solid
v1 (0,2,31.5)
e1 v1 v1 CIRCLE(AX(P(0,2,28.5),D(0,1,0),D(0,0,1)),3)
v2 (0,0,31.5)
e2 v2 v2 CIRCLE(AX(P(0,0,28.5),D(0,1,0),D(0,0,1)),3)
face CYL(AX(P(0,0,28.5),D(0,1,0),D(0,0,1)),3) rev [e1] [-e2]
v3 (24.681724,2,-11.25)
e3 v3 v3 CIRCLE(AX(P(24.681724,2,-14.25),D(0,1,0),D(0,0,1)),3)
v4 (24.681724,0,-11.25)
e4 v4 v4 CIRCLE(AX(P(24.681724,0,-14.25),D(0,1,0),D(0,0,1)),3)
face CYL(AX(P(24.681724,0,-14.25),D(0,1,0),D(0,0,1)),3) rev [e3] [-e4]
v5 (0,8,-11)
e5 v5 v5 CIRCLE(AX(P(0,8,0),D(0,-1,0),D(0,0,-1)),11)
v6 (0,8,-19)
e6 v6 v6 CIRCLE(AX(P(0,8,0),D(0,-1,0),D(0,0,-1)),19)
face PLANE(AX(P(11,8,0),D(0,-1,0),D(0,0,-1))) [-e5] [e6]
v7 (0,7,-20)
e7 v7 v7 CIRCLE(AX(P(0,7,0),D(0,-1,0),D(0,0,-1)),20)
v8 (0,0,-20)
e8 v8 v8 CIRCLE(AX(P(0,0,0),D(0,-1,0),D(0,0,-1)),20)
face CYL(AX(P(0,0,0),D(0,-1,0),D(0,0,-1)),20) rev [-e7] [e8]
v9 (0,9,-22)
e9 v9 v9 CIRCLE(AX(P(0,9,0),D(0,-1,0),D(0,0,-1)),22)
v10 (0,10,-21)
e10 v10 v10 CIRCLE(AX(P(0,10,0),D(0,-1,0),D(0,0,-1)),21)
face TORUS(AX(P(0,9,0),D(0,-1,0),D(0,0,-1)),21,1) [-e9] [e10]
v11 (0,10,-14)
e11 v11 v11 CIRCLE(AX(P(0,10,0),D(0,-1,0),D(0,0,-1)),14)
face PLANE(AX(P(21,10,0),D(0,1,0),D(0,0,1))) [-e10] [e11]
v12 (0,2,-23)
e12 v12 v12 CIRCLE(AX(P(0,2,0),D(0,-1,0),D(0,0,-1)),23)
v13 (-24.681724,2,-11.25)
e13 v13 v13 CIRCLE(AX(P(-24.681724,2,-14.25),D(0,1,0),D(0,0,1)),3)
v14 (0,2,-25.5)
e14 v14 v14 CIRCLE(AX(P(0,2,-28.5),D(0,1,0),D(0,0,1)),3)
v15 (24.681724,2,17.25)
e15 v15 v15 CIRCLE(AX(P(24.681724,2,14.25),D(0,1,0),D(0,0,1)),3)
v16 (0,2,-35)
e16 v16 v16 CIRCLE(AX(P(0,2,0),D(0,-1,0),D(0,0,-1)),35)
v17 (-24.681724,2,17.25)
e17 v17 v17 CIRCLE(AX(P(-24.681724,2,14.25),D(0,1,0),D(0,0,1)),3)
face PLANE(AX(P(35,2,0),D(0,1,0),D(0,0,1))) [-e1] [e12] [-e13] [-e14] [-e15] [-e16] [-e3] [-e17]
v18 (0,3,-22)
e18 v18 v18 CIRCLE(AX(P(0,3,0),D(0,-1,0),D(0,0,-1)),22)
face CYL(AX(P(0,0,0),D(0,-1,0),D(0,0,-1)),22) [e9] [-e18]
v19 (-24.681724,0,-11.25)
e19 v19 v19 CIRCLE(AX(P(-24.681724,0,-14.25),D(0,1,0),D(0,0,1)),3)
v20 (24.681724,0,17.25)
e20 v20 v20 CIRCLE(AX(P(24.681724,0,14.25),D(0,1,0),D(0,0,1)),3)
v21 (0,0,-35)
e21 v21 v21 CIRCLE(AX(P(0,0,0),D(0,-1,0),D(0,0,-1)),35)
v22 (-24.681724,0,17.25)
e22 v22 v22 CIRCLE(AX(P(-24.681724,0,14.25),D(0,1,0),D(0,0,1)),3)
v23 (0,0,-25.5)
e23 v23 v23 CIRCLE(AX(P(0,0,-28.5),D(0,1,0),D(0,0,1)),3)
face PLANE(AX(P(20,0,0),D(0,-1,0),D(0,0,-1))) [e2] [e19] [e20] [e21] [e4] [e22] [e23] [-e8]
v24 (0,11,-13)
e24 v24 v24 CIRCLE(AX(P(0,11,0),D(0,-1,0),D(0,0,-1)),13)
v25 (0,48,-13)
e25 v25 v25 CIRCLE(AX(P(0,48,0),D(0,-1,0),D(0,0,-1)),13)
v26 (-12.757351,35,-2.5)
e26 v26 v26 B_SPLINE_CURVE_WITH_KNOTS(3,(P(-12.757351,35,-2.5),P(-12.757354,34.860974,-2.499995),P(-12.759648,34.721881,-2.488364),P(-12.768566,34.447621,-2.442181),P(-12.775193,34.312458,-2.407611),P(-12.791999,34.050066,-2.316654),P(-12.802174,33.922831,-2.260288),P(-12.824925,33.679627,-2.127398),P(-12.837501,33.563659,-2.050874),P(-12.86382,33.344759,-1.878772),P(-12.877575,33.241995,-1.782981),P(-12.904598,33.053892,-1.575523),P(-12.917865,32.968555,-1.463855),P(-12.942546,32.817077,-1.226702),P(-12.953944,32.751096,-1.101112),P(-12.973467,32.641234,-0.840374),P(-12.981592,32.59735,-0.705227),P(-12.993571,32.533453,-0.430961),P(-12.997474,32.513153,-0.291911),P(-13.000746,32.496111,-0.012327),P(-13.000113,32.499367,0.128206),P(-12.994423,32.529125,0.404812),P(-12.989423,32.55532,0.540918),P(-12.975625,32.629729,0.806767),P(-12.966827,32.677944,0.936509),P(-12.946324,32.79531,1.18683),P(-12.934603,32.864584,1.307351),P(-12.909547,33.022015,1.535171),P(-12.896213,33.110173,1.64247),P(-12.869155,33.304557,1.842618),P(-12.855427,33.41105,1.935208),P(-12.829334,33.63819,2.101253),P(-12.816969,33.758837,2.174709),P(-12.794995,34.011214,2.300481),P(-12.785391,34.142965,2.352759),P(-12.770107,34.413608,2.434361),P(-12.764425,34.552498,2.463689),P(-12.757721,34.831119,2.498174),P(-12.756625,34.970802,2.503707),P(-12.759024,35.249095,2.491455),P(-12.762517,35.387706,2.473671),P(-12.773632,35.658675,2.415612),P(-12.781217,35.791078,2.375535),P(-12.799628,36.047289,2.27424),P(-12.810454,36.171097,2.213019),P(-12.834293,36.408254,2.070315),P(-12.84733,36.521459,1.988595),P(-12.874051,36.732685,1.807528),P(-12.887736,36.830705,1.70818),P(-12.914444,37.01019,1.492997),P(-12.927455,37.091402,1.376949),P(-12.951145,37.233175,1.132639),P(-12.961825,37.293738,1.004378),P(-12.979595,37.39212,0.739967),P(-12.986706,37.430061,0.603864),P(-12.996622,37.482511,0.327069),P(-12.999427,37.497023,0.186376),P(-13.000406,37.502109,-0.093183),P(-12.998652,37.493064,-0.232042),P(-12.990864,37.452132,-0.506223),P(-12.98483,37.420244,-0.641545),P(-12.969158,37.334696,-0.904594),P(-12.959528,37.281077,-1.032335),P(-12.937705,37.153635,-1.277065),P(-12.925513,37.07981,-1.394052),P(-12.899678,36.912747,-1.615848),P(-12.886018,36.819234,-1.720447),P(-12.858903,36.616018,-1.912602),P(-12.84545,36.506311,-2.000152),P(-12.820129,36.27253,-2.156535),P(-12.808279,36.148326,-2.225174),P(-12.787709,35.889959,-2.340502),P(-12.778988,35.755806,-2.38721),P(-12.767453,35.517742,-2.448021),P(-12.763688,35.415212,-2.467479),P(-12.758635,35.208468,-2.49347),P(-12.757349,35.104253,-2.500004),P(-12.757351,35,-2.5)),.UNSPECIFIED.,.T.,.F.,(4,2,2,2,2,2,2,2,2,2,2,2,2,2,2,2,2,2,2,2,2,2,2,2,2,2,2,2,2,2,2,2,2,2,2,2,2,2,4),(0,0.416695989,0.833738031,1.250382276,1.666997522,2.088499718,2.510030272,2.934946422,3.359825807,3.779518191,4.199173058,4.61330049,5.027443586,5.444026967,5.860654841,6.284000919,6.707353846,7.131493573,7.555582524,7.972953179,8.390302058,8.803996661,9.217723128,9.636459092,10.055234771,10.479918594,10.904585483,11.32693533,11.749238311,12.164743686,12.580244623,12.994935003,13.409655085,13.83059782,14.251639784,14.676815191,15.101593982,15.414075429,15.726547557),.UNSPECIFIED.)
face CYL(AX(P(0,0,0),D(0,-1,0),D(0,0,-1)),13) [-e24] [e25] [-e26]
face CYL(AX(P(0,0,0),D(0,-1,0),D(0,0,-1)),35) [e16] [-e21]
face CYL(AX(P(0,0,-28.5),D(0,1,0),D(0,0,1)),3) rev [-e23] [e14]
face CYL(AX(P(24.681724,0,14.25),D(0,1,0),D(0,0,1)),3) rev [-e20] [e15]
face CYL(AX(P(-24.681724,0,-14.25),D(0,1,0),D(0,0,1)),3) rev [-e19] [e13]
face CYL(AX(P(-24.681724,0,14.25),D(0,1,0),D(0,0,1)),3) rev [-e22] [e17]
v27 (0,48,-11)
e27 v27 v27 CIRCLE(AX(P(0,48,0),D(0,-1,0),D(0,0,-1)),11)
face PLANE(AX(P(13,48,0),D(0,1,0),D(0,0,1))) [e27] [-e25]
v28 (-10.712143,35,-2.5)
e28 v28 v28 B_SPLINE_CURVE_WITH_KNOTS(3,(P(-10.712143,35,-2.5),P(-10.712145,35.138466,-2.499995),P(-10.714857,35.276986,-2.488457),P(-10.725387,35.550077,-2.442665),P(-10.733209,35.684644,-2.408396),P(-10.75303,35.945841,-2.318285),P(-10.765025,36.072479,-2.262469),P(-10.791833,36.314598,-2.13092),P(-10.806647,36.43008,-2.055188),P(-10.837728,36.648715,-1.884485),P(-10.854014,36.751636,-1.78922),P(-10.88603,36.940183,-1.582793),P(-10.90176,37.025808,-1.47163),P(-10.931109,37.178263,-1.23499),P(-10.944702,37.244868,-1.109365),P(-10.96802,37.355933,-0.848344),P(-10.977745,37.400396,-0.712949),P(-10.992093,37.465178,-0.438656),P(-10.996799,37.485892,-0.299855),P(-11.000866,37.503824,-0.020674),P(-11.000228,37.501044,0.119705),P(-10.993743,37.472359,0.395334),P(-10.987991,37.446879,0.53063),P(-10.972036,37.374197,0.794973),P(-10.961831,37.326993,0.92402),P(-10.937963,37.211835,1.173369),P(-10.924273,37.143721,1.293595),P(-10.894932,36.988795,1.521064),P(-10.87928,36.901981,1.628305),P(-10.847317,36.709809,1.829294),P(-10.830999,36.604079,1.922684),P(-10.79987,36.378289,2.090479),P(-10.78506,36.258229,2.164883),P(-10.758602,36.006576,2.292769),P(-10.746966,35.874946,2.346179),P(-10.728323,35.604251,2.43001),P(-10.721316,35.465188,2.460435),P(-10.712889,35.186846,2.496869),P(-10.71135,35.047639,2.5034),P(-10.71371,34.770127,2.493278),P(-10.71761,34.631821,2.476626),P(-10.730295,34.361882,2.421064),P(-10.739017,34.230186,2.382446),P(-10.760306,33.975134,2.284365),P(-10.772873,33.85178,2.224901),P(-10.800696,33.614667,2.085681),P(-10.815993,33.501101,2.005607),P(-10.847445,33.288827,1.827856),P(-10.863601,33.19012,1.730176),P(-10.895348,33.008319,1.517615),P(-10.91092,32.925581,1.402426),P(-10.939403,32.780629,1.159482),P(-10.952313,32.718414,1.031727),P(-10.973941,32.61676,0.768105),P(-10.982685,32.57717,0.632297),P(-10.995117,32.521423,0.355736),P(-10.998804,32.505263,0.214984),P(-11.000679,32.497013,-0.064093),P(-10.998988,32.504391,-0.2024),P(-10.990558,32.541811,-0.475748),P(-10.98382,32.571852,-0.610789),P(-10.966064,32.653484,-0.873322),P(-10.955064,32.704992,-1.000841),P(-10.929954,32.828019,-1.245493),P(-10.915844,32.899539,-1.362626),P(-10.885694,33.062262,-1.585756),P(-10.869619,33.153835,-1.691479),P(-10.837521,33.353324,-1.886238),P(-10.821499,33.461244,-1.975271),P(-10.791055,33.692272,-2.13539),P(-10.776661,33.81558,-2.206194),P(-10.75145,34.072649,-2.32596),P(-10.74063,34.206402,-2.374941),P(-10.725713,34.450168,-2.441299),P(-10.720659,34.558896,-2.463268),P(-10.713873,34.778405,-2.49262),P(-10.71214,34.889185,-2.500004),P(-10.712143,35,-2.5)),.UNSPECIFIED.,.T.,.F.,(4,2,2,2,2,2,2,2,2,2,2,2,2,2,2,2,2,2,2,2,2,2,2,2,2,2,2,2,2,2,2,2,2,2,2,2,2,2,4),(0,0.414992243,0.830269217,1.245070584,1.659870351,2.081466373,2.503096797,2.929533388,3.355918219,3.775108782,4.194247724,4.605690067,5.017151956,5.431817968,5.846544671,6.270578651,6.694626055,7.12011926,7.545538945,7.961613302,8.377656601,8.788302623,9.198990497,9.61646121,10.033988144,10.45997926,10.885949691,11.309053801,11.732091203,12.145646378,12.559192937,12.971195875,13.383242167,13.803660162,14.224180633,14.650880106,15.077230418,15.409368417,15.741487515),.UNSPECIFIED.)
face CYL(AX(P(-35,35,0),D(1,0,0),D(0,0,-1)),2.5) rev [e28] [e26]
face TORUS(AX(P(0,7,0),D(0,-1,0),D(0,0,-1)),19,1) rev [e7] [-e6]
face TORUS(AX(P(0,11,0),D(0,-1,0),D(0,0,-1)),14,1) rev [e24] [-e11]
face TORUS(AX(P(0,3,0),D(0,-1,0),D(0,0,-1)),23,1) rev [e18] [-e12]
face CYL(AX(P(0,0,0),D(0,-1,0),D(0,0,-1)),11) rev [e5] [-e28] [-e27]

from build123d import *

# Parameters (mm, degrees)
SKETCH_2_R          = 3
CUT_EXTRUDE_1_DEPTH = 3
SKETCH_3_R          = 2.5
CUT_EXTRUDE_2_DEPTH = 36


with BuildPart() as part:
    # 草图1 → 旋转1 (revolve)
    with BuildSketch(Plane.XY):
        with BuildLine():
            Line((20, 0), (35, 0))
            Line((35, 0), (35, 2))
            Line((35, 2), (23, 2))
            ThreePointArc((23, 2), (22.292893219, 2.292893219), (22, 3))
            Line((22, 3), (22, 9))
            ThreePointArc((22, 9), (21.707106781, 9.707106781), (21, 10))
            Line((21, 10), (14, 10))
            ThreePointArc((14, 10), (13.292893219, 10.292893219), (13, 11))
            Line((13, 11), (13, 48))
            Line((13, 48), (11, 48))
            Line((11, 48), (11, 8))
            Line((11, 8), (19, 8))
            ThreePointArc((19, 8), (19.707106781, 7.707106781), (20, 7))
            Line((20, 7), (20, 0))
        make_face()
    revolve(axis=Axis((0, 0, 0), (0, 1, 0)))

    # 草图2 → 切除-拉伸1 (cut, through all)
    with BuildSketch(Plane(origin=(0, 2, 0), x_dir=(1, 0, 0), z_dir=(0, 1, 0))):
        with Locations((0, 28.5)):
            Circle(SKETCH_2_R)
        with Locations((24.681724008, 14.25)):
            Circle(SKETCH_2_R)
        with Locations((24.681724008, -14.25)):
            Circle(SKETCH_2_R)
        with Locations((0, -28.5)):
            Circle(SKETCH_2_R)
        with Locations((-24.681724008, -14.25)):
            Circle(SKETCH_2_R)
        with Locations((-24.681724008, 14.25)):
            Circle(SKETCH_2_R)
    extrude(amount=-CUT_EXTRUDE_1_DEPTH, mode=Mode.SUBTRACT)

    # 草图3 → 切除-拉伸2 (cut, through all)
    with BuildSketch(Plane(origin=(0, 0, 0), x_dir=(0, 0, -1), z_dir=(1, 0, 0))):
        with Locations((0, 35)):
            Circle(SKETCH_3_R)
    extrude(amount=-CUT_EXTRUDE_2_DEPTH, mode=Mode.SUBTRACT)


solid = part.part
